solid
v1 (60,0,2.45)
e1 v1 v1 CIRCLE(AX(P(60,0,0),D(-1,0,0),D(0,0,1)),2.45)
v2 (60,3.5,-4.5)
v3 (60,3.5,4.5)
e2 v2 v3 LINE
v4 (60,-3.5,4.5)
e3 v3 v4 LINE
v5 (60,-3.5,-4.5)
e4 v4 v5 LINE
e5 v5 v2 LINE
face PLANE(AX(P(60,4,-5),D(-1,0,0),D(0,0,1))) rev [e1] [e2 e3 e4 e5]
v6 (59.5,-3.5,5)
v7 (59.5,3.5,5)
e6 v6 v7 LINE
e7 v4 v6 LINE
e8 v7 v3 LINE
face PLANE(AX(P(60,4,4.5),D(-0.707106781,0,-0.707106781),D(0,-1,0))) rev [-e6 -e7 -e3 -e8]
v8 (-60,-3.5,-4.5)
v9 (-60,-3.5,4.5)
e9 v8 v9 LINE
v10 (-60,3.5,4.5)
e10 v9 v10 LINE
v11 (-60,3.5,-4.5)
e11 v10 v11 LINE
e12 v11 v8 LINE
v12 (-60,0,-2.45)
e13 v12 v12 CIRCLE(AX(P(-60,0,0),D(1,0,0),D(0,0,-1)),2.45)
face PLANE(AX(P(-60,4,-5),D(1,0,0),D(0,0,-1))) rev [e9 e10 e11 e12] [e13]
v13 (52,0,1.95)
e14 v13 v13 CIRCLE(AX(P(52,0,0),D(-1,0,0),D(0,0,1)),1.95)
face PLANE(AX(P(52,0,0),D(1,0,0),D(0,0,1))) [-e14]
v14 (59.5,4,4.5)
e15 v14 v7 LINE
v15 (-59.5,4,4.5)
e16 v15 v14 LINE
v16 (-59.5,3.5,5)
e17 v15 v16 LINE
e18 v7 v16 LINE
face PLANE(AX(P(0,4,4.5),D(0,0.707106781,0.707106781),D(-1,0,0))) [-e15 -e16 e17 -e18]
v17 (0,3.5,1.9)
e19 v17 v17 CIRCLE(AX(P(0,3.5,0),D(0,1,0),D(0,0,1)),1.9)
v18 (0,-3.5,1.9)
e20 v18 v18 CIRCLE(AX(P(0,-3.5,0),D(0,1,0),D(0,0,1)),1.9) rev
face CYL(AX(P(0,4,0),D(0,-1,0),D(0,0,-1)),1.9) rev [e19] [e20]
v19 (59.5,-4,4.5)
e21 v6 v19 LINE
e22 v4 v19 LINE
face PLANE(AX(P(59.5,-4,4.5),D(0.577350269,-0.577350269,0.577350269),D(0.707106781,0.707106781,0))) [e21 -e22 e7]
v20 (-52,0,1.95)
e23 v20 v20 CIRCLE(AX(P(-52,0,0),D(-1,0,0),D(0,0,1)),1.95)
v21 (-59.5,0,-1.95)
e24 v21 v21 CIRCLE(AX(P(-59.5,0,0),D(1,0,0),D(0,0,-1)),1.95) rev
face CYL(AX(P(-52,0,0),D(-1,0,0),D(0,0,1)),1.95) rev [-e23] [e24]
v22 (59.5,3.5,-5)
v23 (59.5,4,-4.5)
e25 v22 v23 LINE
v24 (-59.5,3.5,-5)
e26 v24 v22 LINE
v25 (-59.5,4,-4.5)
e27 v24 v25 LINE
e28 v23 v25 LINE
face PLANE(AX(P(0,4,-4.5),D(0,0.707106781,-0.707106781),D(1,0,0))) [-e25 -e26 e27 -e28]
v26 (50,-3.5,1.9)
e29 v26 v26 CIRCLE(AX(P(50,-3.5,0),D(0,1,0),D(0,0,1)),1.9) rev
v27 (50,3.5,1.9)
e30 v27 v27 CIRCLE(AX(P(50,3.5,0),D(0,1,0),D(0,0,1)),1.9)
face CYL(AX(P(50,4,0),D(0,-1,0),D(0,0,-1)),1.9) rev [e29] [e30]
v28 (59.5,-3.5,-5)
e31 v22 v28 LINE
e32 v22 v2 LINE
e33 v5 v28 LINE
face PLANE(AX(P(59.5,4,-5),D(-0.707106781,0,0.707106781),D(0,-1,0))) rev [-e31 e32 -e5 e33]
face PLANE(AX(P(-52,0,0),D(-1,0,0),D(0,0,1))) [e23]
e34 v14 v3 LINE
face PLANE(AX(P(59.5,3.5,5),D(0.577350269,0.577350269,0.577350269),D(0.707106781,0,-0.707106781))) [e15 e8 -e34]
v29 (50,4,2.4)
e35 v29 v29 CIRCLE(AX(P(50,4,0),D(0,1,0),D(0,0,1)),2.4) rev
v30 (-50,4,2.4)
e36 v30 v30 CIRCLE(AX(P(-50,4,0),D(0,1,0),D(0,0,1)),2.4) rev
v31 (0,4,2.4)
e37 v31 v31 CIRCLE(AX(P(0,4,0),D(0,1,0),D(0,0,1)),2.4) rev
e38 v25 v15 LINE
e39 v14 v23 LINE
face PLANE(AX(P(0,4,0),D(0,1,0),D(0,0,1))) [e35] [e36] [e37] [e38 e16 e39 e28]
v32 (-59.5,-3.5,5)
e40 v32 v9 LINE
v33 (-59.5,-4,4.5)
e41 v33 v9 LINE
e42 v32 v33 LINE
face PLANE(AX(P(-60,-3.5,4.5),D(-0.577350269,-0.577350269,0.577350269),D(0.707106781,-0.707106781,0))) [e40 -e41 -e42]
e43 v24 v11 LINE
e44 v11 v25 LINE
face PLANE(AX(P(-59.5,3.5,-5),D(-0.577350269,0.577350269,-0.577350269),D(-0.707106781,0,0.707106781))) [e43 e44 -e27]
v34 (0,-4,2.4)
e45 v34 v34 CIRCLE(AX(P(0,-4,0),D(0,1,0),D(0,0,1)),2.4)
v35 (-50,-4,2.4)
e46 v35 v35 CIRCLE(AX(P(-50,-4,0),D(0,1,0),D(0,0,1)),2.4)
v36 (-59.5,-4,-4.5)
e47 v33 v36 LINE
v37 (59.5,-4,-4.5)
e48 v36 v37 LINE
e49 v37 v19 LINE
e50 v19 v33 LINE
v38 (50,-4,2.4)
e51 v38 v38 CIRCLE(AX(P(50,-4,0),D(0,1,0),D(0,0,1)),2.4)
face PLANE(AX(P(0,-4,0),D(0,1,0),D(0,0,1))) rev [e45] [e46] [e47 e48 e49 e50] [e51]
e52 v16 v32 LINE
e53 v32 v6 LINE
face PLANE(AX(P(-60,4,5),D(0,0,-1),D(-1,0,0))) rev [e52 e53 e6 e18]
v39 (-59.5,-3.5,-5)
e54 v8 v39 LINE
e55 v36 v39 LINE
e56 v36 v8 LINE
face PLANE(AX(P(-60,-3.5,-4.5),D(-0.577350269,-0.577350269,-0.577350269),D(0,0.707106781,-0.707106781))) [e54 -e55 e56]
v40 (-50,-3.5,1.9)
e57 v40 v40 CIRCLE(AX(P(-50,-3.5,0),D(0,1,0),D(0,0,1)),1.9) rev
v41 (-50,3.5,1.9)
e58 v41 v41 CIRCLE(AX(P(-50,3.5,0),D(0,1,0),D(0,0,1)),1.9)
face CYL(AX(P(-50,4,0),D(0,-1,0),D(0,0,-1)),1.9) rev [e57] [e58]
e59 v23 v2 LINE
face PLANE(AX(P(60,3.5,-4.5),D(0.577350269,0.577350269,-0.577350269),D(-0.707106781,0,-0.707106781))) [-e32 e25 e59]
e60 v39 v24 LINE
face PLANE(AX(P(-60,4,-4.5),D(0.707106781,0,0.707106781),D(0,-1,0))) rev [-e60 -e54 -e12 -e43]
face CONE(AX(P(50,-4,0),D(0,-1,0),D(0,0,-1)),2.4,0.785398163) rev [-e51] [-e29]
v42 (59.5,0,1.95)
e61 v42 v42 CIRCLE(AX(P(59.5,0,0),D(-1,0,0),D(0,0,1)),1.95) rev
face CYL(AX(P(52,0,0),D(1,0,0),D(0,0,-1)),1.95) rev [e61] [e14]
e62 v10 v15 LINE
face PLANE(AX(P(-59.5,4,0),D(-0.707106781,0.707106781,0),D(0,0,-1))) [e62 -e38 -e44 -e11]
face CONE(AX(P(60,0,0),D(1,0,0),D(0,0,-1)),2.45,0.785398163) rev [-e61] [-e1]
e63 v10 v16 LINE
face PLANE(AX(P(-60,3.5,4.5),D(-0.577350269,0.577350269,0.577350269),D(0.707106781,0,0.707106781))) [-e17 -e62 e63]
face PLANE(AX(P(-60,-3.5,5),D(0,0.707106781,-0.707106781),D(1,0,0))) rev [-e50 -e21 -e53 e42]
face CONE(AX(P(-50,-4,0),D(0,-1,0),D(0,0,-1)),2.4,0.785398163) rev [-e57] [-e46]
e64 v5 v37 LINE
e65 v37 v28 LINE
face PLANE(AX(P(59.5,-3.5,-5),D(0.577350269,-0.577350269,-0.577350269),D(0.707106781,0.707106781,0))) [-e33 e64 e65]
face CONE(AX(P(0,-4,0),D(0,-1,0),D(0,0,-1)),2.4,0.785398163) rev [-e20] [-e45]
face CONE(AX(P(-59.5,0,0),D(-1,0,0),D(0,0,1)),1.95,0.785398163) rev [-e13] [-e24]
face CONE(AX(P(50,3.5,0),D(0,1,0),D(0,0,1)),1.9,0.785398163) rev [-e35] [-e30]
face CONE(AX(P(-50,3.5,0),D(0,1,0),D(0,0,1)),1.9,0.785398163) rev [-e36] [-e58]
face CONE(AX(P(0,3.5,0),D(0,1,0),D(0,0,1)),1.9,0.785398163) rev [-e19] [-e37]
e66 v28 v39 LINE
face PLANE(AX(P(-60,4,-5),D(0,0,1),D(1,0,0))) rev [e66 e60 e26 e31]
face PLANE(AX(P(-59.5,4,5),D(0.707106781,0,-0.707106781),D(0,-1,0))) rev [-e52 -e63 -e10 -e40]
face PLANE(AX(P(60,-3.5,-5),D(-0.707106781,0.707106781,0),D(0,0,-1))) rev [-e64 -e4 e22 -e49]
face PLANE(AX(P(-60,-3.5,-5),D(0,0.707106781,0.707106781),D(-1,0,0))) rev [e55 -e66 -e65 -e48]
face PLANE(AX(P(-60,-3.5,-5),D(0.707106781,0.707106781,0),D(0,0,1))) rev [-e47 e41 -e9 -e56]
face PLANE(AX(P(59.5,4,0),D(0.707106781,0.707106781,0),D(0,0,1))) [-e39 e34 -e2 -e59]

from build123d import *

# Parameters (mm, degrees)
SKETCH1_W           = 120
SKETCH1_H           = 10
SKETCH1_R           = 1.9
BOSS_EXTRUDE1_DEPTH = 4
SKETCH2_R           = 1.95
CUT_EXTRUDE1_DEPTH  = 8
CHAMFER1_SIZE       = 0.5


with BuildPart() as part:
    # Sketch1 → Boss-Extrude1 (new, symmetric)
    with BuildSketch(Plane(origin=(0, 0, 0), x_dir=(1, 0, 0), z_dir=(0, 1, 0))):
        Rectangle(SKETCH1_W, SKETCH1_H)
        with Locations(Location((-50, 0, 0), (0, 0, 270))):
            Circle(SKETCH1_R, mode=Mode.SUBTRACT)
        with Locations(Location((50, 0, 0), (0, 0, 90))):
            Circle(SKETCH1_R, mode=Mode.SUBTRACT)
        with Locations(Location((0, 0, 0), (0, 0, 270))):
            Circle(SKETCH1_R, mode=Mode.SUBTRACT)
    extrude(amount=BOSS_EXTRUDE1_DEPTH, both=True)

    # Sketch2 → Cut-Extrude1 (cut)
    with BuildSketch(Plane.ZY.offset(60)):
        Circle(SKETCH2_R)
    cut_extrude1 = extrude(amount=-CUT_EXTRUDE1_DEPTH, mode=Mode.SUBTRACT)

    # Mirror1: Cut-Extrude1 across plane
    add(cut_extrude1.mirror(Plane(origin=(0, 0, 0), x_dir=(0, 0, 1), z_dir=(1, 0, 0))), mode=Mode.SUBTRACT)

    # Chamfer1
    chamfer1_edges = [part.edges().sort_by_distance(p)[0] for p in [
        (-50, -4, -1.9),
        (-50, 4, -1.9),
        (-60, 4, 0),
        (50, -4, 1.9),
        (50, 4, 1.9),
        (0, 4, 5),
        (0, -4, -1.9),
        (0, 4, -1.9),
        (-60, 0, -1.95),
        (60, 0, -1.95),
        (60, 4, 0),
        (0, -4, 5),
        (-60, -4, 0),
        (0, -4, -5),
        (60, -4, 0),
        (60, 0, 5),
        (-60, 0, 5),
        (-60, 0, -5),
        (60, 0, -5),
        (0, 4, -5),
    ]]
    chamfer(chamfer1_edges, length=CHAMFER1_SIZE)


solid = part.part
